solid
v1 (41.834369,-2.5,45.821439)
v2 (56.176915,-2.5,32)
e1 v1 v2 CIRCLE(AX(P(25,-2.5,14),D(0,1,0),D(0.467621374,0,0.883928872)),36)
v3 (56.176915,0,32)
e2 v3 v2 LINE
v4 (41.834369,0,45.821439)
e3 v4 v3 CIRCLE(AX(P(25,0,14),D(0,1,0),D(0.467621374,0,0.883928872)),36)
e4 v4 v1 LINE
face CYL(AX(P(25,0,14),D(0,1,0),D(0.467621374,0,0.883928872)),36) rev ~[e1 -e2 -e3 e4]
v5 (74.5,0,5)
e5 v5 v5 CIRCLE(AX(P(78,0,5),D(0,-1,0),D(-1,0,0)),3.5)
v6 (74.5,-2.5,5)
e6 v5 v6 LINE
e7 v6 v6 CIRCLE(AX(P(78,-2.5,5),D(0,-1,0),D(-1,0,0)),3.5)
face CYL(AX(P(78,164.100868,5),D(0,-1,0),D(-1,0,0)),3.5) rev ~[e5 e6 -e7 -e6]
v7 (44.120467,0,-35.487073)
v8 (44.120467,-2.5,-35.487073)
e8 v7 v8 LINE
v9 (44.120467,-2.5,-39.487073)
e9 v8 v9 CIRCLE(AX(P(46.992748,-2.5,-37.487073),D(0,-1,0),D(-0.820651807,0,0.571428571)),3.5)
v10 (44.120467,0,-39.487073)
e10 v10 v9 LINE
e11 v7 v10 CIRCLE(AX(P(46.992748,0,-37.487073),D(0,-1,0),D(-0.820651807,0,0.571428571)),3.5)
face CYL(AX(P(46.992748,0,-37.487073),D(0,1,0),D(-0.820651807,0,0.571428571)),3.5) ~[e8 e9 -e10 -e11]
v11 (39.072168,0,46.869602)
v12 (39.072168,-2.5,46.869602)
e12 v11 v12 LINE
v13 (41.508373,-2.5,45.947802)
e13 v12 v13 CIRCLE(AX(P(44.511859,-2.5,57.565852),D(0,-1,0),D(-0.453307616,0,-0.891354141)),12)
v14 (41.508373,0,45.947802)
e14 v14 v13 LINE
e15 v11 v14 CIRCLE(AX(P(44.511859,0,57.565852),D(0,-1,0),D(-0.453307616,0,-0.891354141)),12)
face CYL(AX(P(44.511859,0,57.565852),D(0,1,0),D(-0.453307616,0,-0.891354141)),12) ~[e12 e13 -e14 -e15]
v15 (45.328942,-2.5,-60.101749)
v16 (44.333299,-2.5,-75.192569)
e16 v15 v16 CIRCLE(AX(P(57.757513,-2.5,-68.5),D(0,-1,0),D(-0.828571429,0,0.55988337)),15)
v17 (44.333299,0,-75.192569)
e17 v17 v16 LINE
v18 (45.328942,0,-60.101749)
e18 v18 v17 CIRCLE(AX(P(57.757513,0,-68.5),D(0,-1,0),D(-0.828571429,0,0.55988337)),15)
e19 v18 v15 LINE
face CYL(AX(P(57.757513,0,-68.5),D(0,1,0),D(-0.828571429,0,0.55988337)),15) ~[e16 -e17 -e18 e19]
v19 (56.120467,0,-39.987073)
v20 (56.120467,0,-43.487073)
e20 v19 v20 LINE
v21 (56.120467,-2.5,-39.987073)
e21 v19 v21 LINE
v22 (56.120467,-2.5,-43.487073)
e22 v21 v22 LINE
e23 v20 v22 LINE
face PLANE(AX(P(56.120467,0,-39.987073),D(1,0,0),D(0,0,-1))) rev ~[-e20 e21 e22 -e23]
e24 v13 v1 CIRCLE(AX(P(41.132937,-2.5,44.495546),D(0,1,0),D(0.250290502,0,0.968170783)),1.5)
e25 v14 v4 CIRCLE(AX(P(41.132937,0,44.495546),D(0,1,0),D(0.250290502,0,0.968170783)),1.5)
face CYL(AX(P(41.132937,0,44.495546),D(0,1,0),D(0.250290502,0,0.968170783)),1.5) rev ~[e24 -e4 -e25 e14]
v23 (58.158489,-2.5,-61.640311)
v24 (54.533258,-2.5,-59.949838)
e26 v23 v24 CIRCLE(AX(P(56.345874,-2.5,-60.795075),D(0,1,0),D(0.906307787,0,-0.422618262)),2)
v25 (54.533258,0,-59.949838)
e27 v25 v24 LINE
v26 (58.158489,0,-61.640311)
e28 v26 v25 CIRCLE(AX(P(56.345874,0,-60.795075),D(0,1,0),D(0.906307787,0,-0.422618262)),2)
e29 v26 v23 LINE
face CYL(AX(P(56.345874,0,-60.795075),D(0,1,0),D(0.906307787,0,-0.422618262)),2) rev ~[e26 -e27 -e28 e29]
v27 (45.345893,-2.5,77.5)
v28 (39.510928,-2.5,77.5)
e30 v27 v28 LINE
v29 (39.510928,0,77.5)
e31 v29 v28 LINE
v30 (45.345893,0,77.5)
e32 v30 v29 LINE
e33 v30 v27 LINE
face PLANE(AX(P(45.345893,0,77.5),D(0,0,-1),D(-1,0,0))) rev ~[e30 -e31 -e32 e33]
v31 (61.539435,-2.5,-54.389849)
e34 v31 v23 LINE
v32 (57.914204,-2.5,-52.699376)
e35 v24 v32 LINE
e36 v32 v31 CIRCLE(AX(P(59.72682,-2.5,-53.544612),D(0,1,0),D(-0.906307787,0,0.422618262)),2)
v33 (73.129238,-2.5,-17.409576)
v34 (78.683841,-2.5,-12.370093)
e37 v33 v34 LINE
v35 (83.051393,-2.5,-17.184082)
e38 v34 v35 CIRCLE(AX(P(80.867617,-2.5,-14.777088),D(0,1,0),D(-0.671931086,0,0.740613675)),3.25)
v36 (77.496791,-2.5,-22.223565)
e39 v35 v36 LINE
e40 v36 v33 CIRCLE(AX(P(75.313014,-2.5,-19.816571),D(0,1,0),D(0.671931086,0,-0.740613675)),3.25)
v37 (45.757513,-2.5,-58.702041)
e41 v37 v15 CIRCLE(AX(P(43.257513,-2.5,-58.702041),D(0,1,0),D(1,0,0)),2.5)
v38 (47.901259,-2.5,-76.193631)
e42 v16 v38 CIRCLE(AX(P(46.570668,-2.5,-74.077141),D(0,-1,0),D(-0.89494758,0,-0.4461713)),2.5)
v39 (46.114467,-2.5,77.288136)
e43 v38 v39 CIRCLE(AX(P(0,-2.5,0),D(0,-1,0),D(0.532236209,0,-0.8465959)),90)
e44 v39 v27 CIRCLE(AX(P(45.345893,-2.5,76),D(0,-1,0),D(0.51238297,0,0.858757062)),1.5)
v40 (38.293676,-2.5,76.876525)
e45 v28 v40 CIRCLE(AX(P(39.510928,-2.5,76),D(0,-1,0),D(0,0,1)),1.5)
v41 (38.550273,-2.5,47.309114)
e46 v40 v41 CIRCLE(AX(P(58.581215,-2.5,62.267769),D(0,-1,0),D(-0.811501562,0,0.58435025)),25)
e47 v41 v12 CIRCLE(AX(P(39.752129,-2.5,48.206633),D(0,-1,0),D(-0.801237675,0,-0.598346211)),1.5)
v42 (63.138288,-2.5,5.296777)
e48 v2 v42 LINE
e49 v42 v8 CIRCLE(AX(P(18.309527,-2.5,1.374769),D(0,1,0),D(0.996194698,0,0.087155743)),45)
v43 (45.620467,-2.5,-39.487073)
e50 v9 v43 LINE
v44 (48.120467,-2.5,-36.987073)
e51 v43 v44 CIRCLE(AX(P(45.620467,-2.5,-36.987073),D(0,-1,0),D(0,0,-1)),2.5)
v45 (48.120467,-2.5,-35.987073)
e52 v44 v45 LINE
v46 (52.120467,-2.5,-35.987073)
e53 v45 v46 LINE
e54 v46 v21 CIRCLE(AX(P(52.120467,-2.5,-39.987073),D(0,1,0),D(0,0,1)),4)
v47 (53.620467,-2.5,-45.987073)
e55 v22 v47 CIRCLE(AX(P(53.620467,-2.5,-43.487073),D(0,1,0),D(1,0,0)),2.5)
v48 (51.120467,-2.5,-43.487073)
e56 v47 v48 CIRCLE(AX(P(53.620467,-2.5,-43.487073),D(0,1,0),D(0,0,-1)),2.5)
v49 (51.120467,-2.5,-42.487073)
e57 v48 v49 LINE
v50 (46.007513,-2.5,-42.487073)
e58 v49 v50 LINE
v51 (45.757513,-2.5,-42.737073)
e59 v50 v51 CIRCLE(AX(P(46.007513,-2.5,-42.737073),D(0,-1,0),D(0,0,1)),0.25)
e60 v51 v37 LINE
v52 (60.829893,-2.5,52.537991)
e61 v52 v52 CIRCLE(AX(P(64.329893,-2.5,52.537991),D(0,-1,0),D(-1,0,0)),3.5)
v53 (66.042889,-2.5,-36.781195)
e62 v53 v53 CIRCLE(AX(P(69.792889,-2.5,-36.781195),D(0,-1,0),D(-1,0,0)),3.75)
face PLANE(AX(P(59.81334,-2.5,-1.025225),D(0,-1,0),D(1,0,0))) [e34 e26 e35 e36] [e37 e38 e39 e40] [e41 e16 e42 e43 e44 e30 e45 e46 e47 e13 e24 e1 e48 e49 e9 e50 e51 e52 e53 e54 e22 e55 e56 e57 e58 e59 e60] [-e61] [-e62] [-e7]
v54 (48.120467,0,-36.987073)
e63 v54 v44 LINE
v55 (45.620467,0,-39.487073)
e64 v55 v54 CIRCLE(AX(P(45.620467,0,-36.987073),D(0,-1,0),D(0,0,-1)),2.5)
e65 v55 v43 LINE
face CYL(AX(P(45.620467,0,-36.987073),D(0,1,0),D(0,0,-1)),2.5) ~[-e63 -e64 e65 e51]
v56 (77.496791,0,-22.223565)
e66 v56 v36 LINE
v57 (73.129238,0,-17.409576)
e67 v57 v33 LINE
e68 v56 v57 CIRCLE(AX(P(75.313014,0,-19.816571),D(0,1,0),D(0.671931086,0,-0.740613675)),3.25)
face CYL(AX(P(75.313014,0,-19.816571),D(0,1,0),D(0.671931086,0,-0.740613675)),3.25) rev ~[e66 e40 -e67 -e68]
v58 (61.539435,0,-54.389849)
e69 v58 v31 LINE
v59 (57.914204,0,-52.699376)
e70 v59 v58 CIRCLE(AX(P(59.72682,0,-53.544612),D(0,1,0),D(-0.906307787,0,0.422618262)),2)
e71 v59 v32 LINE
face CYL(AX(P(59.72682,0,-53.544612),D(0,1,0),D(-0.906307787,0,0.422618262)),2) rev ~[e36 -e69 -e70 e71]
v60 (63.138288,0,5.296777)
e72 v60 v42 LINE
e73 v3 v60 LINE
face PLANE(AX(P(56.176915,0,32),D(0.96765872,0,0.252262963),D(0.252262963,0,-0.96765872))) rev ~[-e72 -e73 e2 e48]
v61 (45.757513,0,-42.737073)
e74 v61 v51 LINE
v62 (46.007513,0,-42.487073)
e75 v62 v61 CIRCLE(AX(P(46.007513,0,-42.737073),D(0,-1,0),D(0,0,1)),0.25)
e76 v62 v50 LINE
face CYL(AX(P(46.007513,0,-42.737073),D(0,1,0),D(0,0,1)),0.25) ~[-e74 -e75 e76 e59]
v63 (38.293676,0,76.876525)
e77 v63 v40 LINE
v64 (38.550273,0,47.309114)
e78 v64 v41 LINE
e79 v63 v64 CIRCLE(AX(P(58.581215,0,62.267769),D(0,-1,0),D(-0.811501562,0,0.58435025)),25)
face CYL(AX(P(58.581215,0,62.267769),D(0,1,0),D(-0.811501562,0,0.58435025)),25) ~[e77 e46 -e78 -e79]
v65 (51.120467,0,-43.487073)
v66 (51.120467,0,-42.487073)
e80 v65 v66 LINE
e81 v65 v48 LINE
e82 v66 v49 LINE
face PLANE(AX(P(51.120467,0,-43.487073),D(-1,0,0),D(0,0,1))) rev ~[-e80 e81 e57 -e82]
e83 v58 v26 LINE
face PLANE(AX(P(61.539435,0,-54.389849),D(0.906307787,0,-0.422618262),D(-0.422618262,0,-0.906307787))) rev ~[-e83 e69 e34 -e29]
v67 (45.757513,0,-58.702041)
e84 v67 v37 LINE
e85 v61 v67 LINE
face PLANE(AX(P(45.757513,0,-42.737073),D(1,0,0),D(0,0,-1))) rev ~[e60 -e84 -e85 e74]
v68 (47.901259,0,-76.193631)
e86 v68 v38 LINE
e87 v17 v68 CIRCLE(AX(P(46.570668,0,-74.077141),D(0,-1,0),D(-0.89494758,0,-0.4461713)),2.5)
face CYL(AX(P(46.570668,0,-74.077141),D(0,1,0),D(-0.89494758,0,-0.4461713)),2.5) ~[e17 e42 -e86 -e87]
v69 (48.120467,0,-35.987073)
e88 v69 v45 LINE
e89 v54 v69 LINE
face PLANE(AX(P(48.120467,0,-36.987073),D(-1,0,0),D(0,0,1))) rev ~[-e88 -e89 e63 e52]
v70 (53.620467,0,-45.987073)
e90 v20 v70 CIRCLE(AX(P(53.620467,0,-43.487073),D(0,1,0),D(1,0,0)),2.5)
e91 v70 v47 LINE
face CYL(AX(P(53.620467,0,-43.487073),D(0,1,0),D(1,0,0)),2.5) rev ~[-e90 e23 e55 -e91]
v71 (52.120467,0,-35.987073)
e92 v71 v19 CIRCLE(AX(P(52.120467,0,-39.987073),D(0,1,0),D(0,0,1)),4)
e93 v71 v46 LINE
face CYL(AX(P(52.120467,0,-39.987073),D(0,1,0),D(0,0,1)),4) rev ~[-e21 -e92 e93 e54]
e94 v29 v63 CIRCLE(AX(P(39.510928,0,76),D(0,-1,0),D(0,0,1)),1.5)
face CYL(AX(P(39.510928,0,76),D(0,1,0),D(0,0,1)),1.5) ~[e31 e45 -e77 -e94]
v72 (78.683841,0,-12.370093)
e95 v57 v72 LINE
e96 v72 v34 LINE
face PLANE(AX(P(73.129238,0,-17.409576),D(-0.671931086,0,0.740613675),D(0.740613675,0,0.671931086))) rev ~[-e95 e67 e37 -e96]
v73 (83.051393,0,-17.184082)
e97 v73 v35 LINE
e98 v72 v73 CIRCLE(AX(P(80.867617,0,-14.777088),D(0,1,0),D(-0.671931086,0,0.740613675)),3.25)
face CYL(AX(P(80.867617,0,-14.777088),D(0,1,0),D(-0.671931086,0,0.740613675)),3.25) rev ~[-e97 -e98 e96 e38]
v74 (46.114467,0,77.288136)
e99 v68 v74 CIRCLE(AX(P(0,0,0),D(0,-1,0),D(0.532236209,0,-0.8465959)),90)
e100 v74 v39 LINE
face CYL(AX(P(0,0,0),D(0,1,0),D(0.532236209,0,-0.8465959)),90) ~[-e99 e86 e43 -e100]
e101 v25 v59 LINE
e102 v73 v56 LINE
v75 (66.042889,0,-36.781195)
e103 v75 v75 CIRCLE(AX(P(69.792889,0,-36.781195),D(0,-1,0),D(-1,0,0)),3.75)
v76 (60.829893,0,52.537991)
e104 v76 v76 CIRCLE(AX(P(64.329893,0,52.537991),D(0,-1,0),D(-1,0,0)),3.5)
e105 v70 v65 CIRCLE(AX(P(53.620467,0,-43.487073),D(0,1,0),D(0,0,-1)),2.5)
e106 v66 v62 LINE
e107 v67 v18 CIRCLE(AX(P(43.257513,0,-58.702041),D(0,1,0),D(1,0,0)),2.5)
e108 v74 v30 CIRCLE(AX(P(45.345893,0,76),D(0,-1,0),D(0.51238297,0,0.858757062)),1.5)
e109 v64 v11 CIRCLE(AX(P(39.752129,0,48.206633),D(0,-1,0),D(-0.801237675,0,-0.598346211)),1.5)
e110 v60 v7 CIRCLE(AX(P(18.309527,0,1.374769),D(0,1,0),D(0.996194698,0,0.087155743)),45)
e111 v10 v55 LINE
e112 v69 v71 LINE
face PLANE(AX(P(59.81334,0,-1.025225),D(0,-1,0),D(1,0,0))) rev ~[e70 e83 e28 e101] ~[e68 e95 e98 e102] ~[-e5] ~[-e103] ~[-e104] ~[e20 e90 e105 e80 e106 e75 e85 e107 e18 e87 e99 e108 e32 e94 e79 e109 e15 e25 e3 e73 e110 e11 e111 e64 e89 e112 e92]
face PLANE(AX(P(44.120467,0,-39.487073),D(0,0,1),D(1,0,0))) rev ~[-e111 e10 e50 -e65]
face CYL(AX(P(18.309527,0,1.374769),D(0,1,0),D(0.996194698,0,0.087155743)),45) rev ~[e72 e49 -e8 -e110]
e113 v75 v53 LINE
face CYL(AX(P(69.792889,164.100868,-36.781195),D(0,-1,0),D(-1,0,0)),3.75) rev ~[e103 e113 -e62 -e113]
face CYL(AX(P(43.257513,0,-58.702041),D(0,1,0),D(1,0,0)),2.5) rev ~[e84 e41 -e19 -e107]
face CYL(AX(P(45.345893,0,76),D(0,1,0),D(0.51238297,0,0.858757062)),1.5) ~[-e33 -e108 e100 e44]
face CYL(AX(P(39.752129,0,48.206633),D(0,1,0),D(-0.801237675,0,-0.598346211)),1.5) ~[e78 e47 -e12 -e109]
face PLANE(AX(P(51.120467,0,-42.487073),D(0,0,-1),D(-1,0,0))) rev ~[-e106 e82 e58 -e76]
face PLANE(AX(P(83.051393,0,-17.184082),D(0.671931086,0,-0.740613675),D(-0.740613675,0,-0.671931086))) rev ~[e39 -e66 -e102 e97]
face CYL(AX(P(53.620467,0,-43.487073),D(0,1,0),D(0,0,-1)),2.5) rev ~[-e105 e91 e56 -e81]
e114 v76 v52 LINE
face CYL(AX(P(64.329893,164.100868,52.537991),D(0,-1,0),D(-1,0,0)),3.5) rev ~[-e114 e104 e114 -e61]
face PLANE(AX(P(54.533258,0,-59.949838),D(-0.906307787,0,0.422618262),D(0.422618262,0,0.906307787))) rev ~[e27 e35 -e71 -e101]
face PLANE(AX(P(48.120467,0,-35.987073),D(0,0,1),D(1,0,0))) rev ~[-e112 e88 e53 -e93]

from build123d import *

# Parameters (mm, degrees)
F1_DEPTH = 2.5
F2_D     = 7
F3_D     = 7.5


with BuildPart() as f1:
    # F0 (on Front) → F1 (new body)
    with BuildSketch(Plane.XZ):
        with BuildLine():
            ThreePointArc((44.3332993401, -75.1925694933), (45.8953218526, -76.4841948767), (47.9012588134, -76.1936309943))
            ThreePointArc((47.9012588134, -76.1936309943), (89.9939017876, 1.0476836528), (46.1144673234, 77.2881355932))
            ThreePointArc((46.1144673234, 77.2881355932), (45.7445133706, 77.4460642084), (45.345892868, 77.5))
            Line((45.345892868, 77.5), (39.5109278697, 77.5))
            ThreePointArc((39.5109278697, 77.5), (38.8271106657, 77.3350633062), (38.2936755268, 76.8765253754))
            ThreePointArc((38.2936755268, 76.8765253754), (33.5821559497, 62.0508178423), (38.5502726955, 47.3091138504))
            ThreePointArc((38.5502726955, 47.3091138504), (38.7858981986, 47.059289436), (39.0721677836, 46.8696019548))
            ThreePointArc((39.0721677836, 46.8696019548), (40.2651851973, 46.3424047588), (41.5083731547, 45.9478022555))
            ThreePointArc((41.5083731547, 45.9478022555), (41.6750655835, 45.8941514704), (41.8343694623, 45.8214393893))
            ThreePointArc((41.8343694623, 45.8214393893), (49.9805703397, 39.922405473), (56.1769145362, 32))
            Line((56.1769145362, 32), (63.1382883672, 5.2967772755))
            ThreePointArc((63.1382883672, 5.2967772755), (59.0933773697, -17.6430529265), (44.1204665888, -35.4870731412))
            ThreePointArc((44.1204665888, -35.4870731412), (43.4927479121, -37.4870731412), (44.1204665888, -39.4870731412))
            Line((44.1204665888, -39.4870731412), (45.6204665888, -39.4870731412))
            ThreePointArc((45.6204665888, -39.4870731412), (47.3882335418, -38.7548400941), (48.1204665888, -36.9870731412))
            Line((48.1204665888, -36.9870731412), (48.1204665888, -35.9870731412))
            Line((48.1204665888, -35.9870731412), (52.1204665888, -35.9870731412))
            ThreePointArc((52.1204665888, -35.9870731412), (54.9488937136, -37.1586460164), (56.1204665888, -39.9870731412))
            Line((56.1204665888, -39.9870731412), (56.1204665888, -43.4870731412))
            ThreePointArc((56.1204665888, -43.4870731412), (55.3882335418, -45.2548400941), (53.6204665888, -45.9870731412))
            ThreePointArc((53.6204665888, -45.9870731412), (51.8526996359, -45.2548400941), (51.1204665888, -43.4870731412))
            Line((51.1204665888, -43.4870731412), (51.1204665888, -42.4870731412))
            Line((51.1204665888, -42.4870731412), (46.0075130443, -42.4870731412))
            ThreePointArc((46.0075130443, -42.4870731412), (45.830736349, -42.5602964459), (45.7575130443, -42.7370731412))
            Line((45.7575130443, -42.7370731412), (45.7575130443, -58.7020410289))
            ThreePointArc((45.7575130443, -58.7020410289), (45.647970263, -59.4339660836), (45.3289416157, -60.1017494533))
            ThreePointArc((45.3289416157, -60.1017494533), (42.7900537692, -67.5124966586), (44.3332993401, -75.1925694933))
        make_face()
        with BuildLine():
            ThreePointArc((58.1584893781, -61.6403112281), (55.5006372806, -62.6076902787), (54.53325823, -59.9498381811))
            Line((54.53325823, -59.9498381811), (57.9142043239, -52.6993758848))
            ThreePointArc((57.9142043239, -52.6993758848), (60.5720564215, -51.7319968342), (61.5394354721, -54.3898489318))
            Line((61.5394354721, -54.3898489318), (58.1584893781, -61.6403112281))
        make_face(mode=Mode.SUBTRACT)
        with BuildLine():
            ThreePointArc((78.683841012, -12.3700931974), (83.2746114855, -12.5933116091), (83.0513930738, -17.1840820826))
            Line((83.0513930738, -17.1840820826), (77.4967905139, -22.2235652309))
            ThreePointArc((77.4967905139, -22.2235652309), (72.9060200403, -22.0003468191), (73.1292384521, -17.4095763456))
            Line((73.1292384521, -17.4095763456), (78.683841012, -12.3700931974))
        make_face(mode=Mode.SUBTRACT)
    extrude(amount=F1_DEPTH)

    # F2 (through all)
    with Locations(Plane(origin=(0, 0, 0), x_dir=(1, 0, 0), z_dir=(0, 1, 0))):
        with Locations((64.3298934041, -52.5379906052), (78, -5)):
            Hole(F2_D / 2)

    # F3 (through all)
    with Locations(Plane(origin=(0, 0, 0), x_dir=(1, 0, 0), z_dir=(0, 1, 0))):
        with Locations((69.7928888027, 36.7811946296)):
            Hole(F3_D / 2)


solid = f1.part
